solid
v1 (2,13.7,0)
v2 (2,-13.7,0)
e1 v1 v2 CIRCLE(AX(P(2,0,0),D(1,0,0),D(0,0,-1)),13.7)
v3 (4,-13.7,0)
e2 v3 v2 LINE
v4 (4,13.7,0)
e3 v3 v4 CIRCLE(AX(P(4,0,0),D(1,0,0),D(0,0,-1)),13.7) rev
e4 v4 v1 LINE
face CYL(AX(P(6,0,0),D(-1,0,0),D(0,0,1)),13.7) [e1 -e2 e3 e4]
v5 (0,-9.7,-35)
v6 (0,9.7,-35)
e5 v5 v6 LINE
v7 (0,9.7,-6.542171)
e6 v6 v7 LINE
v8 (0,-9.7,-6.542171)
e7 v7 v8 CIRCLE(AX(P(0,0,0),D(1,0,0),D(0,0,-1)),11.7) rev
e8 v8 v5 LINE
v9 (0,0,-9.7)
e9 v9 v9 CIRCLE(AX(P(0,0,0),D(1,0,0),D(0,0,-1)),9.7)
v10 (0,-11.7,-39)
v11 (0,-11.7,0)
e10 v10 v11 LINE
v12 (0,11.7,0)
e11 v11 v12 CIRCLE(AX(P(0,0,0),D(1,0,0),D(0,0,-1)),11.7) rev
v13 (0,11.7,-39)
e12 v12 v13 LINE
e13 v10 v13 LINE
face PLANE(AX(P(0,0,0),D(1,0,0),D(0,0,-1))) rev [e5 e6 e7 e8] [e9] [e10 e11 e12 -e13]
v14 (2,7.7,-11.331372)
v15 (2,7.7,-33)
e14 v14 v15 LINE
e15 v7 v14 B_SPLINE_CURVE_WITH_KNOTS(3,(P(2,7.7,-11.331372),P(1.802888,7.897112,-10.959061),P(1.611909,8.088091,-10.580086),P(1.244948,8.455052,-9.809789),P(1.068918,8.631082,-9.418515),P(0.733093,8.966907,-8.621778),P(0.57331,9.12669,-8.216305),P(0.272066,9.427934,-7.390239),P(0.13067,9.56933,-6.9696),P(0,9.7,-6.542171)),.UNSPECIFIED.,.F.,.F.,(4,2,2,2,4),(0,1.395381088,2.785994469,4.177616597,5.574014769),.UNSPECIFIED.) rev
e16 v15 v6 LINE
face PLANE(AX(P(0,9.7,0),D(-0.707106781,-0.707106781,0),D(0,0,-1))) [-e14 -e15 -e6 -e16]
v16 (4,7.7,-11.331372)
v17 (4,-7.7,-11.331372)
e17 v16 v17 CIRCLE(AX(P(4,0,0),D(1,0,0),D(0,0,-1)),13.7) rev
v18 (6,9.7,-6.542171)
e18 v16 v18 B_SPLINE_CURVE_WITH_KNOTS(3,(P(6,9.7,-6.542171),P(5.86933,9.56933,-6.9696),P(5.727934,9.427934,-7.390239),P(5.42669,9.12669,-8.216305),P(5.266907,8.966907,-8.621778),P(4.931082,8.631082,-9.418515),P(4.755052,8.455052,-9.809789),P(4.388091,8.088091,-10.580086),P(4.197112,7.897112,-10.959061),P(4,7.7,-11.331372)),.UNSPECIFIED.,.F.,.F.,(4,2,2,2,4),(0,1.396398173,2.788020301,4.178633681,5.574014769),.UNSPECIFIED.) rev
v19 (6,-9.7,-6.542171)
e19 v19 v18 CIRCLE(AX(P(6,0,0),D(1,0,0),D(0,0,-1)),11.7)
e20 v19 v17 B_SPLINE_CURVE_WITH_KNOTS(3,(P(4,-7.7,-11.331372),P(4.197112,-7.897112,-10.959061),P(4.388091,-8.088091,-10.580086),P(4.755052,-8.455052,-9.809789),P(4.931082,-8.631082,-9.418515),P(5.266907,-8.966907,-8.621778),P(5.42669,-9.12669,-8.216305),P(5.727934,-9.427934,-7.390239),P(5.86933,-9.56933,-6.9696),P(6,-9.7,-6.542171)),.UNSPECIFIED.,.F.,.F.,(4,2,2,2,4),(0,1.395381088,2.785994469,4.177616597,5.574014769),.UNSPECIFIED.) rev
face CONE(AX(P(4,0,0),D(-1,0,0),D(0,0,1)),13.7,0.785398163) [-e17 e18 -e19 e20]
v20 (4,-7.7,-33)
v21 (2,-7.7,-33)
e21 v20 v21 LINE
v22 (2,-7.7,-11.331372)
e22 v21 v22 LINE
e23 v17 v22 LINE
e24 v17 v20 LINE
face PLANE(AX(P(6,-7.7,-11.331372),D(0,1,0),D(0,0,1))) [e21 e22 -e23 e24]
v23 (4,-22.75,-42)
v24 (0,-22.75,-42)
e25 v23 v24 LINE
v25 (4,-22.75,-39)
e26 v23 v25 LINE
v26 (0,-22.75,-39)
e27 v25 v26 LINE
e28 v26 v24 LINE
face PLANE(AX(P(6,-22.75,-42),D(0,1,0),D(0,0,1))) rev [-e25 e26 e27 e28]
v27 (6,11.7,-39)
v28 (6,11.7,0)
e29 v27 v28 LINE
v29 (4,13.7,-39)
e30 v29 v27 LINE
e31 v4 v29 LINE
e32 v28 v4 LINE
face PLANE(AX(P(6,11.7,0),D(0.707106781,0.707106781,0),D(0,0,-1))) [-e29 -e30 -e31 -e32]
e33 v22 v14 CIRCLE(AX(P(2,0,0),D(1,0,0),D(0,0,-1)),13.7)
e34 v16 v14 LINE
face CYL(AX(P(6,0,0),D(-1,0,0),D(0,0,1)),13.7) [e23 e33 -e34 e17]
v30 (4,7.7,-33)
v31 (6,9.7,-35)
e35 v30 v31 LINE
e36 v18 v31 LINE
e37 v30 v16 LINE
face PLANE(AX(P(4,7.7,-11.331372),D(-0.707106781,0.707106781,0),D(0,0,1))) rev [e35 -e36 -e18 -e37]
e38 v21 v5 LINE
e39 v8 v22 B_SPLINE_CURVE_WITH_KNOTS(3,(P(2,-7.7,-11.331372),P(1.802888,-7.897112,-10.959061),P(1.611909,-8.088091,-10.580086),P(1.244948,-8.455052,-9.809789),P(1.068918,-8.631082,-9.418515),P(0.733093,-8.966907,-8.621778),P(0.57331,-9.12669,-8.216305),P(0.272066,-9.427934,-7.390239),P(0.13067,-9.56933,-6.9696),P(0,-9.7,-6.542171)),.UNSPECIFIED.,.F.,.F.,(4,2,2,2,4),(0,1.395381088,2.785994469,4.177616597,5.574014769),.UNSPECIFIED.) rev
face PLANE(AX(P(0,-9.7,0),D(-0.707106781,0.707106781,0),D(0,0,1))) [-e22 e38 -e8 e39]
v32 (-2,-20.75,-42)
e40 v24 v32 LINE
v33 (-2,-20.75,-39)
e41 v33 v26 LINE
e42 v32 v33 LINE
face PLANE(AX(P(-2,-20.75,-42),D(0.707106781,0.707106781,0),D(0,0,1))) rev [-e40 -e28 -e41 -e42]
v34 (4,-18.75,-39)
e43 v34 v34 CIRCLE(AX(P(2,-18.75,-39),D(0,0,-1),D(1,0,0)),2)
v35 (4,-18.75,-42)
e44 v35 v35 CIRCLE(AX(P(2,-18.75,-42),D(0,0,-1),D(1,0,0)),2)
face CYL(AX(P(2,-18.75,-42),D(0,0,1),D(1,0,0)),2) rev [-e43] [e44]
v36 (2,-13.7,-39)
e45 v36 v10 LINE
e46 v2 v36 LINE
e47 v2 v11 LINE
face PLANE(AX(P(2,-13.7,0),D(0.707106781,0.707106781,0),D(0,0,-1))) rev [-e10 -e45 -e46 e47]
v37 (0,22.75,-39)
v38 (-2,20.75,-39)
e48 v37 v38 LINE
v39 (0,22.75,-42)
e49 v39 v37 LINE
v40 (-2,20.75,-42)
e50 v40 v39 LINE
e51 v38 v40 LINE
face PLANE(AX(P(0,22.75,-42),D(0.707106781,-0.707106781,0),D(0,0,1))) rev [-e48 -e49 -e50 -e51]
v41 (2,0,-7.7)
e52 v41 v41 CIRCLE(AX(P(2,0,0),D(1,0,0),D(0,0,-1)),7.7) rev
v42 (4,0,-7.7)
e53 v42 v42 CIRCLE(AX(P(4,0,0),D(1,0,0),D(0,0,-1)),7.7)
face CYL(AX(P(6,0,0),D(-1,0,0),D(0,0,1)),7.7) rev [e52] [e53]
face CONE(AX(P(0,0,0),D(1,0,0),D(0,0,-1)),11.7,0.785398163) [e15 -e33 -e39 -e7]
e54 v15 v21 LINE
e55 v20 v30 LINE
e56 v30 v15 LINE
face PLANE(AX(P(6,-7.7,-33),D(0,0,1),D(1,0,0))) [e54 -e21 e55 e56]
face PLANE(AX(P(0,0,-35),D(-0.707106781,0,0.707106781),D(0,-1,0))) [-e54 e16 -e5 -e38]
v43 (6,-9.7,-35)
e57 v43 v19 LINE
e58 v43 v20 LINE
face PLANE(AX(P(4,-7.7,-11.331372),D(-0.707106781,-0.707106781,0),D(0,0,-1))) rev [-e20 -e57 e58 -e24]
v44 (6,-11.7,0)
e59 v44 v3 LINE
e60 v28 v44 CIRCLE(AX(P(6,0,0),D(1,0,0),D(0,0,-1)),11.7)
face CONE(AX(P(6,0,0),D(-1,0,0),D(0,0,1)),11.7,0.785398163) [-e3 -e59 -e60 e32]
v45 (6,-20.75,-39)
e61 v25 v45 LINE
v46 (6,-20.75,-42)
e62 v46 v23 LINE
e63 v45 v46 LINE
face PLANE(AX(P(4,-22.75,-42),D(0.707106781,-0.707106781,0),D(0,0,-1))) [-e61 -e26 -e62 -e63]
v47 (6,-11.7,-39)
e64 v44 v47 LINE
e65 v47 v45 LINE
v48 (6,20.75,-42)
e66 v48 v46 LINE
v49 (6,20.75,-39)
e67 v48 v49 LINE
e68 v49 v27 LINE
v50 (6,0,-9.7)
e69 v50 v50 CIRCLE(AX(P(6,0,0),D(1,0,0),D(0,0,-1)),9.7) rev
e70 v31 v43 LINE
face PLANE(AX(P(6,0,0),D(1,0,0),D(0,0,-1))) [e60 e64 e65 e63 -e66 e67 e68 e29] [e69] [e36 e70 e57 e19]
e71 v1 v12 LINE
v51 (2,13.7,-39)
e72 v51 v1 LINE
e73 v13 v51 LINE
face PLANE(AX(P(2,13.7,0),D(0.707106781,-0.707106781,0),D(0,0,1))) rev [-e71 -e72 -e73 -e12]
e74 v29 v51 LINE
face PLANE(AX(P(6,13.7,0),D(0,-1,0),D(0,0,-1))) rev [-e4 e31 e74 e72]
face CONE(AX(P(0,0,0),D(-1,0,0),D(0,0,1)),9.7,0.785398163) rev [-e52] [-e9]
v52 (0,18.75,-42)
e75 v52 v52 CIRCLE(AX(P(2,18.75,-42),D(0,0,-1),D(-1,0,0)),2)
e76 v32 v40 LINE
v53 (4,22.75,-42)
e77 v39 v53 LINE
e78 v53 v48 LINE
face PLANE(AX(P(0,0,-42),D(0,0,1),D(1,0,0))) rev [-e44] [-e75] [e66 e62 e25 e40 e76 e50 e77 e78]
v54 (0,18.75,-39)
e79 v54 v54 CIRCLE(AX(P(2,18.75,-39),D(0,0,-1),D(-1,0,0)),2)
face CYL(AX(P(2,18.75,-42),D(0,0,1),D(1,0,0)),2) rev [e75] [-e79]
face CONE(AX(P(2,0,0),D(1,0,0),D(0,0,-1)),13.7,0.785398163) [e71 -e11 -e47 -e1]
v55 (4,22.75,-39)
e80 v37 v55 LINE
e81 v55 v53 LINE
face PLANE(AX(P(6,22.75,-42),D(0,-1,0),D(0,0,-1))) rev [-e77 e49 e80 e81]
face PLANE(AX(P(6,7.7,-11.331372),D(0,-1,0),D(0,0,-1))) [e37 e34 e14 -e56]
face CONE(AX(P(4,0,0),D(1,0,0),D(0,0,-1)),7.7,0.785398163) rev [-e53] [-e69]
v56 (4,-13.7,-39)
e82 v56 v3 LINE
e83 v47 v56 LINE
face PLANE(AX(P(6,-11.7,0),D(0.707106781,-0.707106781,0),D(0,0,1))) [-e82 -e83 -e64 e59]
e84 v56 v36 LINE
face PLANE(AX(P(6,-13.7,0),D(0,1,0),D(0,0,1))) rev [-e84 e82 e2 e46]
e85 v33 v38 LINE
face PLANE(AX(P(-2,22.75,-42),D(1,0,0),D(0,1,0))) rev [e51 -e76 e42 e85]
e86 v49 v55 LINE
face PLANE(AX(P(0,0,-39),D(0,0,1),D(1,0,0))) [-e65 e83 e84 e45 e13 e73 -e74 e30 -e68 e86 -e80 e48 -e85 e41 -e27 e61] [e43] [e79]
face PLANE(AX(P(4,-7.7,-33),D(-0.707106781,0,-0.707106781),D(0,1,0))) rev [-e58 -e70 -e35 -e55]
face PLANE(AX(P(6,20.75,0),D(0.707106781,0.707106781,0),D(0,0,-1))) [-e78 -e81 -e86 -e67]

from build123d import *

# Parameters (mm, degrees)
SKETCH1_R           = 7.7
BOSS_EXTRUDE1_DEPTH = 6
CHAMFER1_SIZE       = 2
SKETCH4_W           = 8
SKETCH4_H           = 45.5
SKETCH4_R           = 2
BOSS_EXTRUDE2_DEPTH = 3
CHAMFER2_SIZE       = 2


with BuildPart() as part:
    # Sketch1 → Boss-Extrude1 (new body)
    with BuildSketch(Plane(origin=(0, 0, 0), x_dir=(0, 0, -1), z_dir=(1, 0, 0))):
        with BuildLine():
            Line((0, 13.7), (39, 13.7))
            Line((39, 13.7), (39, -13.7))
            Line((39, -13.7), (0, -13.7))
            ThreePointArc((0, -13.7), (-13.7, 0), (0, 13.7))
        make_face()
        Circle(SKETCH1_R, mode=Mode.SUBTRACT)
        with BuildLine():
            Line((11.331372379, 7.7), (33, 7.7))
            Line((33, 7.7), (33, -7.7))
            Line((33, -7.7), (11.331372379, -7.7))
            ThreePointArc((11.331372379, -7.7), (13.7, 0), (11.331372379, 7.7))
        make_face(mode=Mode.SUBTRACT)
    extrude(amount=BOSS_EXTRUDE1_DEPTH)

    # Chamfer1
    chamfer1_edges = [part.edges().sort_by_distance(p)[0] for p in [
        (6, 13.7, -19.5),
        (0, 0, -33),
        (0, 7.7, -22.16568619),
        (0, 0, -13.7),
        (0, -7.7, -22.16568619),
        (6, 0, -33),
        (6, 7.7, -22.16568619),
        (6, 0, -13.7),
        (6, -7.7, -22.16568619),
        (0, 0, 7.7),
        (6, 0, 7.7),
        (6, 0, 13.7),
        (0, 13.7, -19.5),
        (0, -13.7, -19.5),
        (0, 0, 13.7),
        (6, -13.7, -19.5),
    ]]
    chamfer(chamfer1_edges, length=CHAMFER1_SIZE)

    # Sketch4 → Boss-Extrude2 (add)
    with BuildSketch(Plane(origin=(0, 0, -39), x_dir=(-1, 0, 0), z_dir=(0, 0, -1))):
        with Locations((-2, 0)):
            Rectangle(SKETCH4_W, SKETCH4_H)
        with Locations((-2, 18.75)):
            Circle(SKETCH4_R, mode=Mode.SUBTRACT)
        with Locations(Location((-2, -18.75, 0), (0, 0, 180))):
            Circle(SKETCH4_R, mode=Mode.SUBTRACT)
    extrude(amount=BOSS_EXTRUDE2_DEPTH)

    # Chamfer2
    chamfer2_edges = [part.edges().sort_by_distance(p)[0] for p in [
        (6, -22.75, -40.5),
        (-2, -22.75, -40.5),
        (6, 22.75, -40.5),
        (-2, 22.75, -40.5),
    ]]
    chamfer(chamfer2_edges, length=CHAMFER2_SIZE)


solid = part.part
